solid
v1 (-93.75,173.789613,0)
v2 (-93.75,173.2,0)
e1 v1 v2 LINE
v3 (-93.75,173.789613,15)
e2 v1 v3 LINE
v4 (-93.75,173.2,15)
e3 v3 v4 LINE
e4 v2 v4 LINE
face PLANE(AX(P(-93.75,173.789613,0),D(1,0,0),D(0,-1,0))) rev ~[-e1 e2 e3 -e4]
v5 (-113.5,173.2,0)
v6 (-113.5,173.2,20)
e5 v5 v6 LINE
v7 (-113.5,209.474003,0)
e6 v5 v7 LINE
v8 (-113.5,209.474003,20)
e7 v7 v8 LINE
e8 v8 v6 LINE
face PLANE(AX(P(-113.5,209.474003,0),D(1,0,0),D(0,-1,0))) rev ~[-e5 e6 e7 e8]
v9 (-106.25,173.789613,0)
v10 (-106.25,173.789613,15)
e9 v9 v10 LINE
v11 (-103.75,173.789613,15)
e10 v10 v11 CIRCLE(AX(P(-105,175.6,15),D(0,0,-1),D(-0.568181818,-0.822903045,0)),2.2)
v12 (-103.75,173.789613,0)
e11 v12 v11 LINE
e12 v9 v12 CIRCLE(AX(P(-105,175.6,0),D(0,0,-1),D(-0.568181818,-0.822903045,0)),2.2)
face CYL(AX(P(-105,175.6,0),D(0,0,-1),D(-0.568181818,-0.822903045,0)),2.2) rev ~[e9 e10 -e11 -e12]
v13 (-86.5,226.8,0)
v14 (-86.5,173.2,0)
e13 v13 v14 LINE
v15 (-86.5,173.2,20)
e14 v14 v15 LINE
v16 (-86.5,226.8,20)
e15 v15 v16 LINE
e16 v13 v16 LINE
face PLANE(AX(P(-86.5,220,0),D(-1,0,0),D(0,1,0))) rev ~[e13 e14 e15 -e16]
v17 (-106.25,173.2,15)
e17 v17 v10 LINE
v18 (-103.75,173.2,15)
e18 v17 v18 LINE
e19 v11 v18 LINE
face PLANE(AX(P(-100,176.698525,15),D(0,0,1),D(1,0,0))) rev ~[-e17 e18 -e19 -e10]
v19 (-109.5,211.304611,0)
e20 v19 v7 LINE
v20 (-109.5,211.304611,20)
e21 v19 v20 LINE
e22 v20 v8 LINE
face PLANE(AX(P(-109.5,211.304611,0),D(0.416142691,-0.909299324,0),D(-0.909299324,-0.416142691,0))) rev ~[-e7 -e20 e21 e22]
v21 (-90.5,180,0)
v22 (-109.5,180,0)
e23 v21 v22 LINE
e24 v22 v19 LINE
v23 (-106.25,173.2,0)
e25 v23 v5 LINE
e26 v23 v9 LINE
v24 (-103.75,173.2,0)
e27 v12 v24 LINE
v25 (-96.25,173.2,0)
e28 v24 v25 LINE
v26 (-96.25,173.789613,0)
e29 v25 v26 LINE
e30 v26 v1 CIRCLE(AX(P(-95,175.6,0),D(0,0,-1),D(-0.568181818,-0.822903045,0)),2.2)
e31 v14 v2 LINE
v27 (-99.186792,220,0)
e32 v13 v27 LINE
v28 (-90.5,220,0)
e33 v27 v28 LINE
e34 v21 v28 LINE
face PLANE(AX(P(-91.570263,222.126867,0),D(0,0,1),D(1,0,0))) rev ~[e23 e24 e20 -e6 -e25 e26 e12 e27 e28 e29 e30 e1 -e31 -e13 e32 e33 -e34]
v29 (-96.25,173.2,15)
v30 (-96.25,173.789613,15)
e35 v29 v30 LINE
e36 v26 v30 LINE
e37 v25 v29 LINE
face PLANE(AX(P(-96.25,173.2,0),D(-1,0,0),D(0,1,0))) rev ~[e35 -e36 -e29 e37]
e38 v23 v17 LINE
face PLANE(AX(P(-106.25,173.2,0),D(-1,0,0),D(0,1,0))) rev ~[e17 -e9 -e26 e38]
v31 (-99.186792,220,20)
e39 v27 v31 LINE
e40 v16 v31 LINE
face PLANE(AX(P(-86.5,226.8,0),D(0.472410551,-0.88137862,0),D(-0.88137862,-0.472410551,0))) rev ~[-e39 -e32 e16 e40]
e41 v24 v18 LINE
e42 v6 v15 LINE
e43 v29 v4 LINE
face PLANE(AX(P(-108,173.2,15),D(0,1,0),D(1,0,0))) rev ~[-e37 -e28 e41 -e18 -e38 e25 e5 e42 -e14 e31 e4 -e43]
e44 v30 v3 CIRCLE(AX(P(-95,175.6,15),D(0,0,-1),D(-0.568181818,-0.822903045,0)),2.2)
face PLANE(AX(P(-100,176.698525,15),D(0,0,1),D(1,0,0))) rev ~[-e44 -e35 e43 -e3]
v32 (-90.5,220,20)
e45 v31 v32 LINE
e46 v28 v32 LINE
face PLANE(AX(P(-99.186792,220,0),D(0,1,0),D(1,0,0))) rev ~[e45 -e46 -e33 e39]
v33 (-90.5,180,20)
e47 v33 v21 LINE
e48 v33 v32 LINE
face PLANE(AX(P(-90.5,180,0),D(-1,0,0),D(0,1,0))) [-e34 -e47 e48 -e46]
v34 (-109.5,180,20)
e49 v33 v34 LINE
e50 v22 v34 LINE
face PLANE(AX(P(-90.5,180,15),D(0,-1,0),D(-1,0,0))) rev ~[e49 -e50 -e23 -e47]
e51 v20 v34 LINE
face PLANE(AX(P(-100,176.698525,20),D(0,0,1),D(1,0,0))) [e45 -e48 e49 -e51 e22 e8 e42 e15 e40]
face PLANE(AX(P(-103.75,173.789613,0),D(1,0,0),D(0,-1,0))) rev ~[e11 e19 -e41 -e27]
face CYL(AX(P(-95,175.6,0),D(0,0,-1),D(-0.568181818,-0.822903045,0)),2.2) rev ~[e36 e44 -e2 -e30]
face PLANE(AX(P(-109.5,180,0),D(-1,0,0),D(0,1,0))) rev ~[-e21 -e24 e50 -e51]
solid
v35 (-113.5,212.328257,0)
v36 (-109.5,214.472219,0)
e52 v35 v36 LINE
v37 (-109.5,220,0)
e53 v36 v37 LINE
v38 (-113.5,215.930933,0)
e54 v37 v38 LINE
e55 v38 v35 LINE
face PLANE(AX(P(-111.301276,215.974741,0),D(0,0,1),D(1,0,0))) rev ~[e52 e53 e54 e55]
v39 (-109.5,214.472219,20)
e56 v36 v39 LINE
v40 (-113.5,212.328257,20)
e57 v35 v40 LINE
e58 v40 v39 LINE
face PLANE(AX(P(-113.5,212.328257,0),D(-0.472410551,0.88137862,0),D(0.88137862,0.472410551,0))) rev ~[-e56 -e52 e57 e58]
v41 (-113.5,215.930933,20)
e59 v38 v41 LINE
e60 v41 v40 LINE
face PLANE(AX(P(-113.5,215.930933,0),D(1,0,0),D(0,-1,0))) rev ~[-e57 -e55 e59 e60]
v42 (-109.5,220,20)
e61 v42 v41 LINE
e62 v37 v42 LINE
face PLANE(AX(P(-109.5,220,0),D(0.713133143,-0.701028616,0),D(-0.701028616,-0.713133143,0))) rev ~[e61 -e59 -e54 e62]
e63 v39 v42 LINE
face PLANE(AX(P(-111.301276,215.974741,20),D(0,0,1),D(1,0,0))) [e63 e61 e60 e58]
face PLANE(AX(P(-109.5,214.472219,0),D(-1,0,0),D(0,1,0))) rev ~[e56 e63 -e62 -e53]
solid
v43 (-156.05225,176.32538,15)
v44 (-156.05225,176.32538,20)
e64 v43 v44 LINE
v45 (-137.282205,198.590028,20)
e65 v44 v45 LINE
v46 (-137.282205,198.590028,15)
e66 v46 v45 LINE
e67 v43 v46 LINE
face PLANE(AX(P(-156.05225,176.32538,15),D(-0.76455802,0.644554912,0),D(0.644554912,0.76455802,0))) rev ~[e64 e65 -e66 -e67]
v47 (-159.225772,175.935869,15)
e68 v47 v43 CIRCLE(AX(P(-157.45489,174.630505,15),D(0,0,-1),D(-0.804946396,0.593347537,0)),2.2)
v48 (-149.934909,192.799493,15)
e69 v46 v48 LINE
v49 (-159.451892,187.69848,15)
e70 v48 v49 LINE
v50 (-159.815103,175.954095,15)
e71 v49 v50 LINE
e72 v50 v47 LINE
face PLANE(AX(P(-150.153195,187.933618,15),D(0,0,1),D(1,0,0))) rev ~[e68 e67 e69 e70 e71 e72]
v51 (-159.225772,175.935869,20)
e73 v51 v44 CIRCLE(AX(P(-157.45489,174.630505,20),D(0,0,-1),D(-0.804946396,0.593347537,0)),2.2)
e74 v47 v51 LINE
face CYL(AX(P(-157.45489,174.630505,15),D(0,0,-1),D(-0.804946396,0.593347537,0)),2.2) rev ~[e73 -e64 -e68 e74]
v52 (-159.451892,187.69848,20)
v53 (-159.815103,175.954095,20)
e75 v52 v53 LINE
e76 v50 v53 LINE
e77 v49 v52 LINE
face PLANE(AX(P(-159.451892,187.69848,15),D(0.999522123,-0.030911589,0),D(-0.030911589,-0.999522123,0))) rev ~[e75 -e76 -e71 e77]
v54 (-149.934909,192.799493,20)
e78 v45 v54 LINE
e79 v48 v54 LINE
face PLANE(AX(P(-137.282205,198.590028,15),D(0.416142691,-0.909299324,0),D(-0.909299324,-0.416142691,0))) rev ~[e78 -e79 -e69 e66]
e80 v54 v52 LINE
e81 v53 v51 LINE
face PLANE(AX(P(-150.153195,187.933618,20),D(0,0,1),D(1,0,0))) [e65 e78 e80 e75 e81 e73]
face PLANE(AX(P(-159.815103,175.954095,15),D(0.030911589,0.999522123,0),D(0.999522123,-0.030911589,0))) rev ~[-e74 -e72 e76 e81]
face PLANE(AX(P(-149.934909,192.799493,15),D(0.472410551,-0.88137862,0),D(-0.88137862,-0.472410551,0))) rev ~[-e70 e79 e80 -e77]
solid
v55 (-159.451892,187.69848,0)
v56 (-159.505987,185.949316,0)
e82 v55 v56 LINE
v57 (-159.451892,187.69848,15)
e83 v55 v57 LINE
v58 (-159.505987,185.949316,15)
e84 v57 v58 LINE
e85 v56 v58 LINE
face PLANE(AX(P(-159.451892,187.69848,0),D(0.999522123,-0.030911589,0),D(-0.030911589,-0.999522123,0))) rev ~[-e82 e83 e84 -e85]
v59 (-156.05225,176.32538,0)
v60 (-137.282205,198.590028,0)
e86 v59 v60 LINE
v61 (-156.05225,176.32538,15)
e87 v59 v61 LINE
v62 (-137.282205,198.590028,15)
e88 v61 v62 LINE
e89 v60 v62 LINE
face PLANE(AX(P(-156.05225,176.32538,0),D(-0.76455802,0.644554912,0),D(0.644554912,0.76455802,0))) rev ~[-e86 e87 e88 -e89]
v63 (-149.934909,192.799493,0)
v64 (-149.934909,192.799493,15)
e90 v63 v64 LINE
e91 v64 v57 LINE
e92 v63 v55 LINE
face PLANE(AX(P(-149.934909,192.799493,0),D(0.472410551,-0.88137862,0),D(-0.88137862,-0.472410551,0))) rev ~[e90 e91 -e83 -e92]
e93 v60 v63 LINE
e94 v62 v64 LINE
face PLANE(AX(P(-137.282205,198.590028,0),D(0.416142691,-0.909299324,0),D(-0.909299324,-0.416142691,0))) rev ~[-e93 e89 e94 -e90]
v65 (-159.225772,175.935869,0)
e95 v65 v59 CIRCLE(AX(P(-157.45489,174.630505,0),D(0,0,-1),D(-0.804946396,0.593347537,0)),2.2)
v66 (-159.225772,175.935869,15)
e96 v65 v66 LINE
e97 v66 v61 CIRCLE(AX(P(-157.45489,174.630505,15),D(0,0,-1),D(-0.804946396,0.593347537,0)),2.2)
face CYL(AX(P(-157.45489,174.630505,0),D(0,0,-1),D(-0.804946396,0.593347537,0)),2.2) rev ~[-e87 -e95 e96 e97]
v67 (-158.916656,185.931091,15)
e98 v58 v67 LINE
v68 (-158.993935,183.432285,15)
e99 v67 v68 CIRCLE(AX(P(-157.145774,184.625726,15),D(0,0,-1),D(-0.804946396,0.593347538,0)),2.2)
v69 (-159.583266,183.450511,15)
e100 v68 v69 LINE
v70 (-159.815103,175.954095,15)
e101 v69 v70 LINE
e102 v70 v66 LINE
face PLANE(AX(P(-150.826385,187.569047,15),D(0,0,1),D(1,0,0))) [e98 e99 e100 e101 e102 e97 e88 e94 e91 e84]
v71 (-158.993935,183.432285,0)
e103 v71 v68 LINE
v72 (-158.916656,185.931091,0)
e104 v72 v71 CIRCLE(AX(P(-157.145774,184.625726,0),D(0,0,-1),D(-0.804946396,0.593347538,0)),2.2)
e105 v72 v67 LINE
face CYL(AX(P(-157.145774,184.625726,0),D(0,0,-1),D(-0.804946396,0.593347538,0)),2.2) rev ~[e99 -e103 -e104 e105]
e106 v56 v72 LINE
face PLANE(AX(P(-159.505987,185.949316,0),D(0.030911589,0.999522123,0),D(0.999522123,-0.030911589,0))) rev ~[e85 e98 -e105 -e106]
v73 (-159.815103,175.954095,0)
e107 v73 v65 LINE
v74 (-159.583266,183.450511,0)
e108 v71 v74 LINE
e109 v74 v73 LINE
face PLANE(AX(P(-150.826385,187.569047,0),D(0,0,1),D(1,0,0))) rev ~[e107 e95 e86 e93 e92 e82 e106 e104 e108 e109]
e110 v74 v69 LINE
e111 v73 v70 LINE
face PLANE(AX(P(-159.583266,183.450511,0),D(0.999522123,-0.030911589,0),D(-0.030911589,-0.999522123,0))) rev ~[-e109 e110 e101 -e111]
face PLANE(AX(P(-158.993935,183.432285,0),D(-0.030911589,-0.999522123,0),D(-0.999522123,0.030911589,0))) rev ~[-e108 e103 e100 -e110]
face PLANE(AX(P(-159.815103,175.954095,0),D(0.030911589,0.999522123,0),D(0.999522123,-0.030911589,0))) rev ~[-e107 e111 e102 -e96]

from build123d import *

# Parameters (mm, degrees)
BOSS_EXTRUDE2_DEPTH   = 15
BOSS_EXTRUDE2_2_DEPTH = 15
SKETCH1_3_W           = 4
SKETCH1_3_H           = 40
BOSS_EXTRUDE3_DEPTH   = 20
BOSS_EXTRUDE3_2_DEPTH = 20
BOSS_EXTRUDE4_DEPTH   = 20
BOSS_EXTRUDE5_DEPTH   = 5


with BuildPart() as part:
    # Sketch1 → Boss-Extrude2 (new body)
    with BuildSketch(Plane.XY):
        with BuildLine():
            Line((-90.5, 174.7), (-90.5, 180))
            Line((-90.5, 180), (-109.5, 180))
            Line((-109.5, 180), (-109.5, 174.7))
            ThreePointArc((-109.5, 174.7), (-109.060660172, 173.639339828), (-108, 173.2))
            Line((-108, 173.2), (-106.25, 173.2))
            Line((-106.25, 173.2), (-106.25, 173.789613301))
            ThreePointArc((-106.25, 173.789613301), (-105, 177.8), (-103.75, 173.789613301))
            Line((-103.75, 173.789613301), (-103.75, 173.2))
            Line((-103.75, 173.2), (-96.25, 173.2))
            Line((-96.25, 173.2), (-96.25, 173.789613301))
            ThreePointArc((-96.25, 173.789613301), (-95, 177.8), (-93.75, 173.789613301))
            Line((-93.75, 173.789613301), (-93.75, 173.2))
            Line((-93.75, 173.2), (-92, 173.2))
            ThreePointArc((-92, 173.2), (-90.939339828, 173.639339828), (-90.5, 174.7))
        make_face()
    extrude(amount=BOSS_EXTRUDE2_DEPTH)



with BuildPart() as body_2:
    # Sketch1 → Boss-Extrude2 2 (new body)
    with BuildSketch(Plane.XY):
        with BuildLine():
            Line((-156.05225023, 176.325380111), (-137.282205372, 198.590028265))
            Line((-137.282205372, 198.590028265), (-149.934908507, 192.799492861))
            Line((-149.934908507, 192.799492861), (-159.451892195, 187.698480193))
            Line((-159.451892195, 187.698480193), (-159.505987475, 185.949316479))
            Line((-159.505987475, 185.949316479), (-158.916655937, 185.931090595))
            ThreePointArc((-158.916655937, 185.931090595), (-154.946825197, 184.557720517), (-158.993934909, 183.432285288))
            Line((-158.993934909, 183.432285288), (-159.583266447, 183.450511172))
            Line((-159.583266447, 183.450511172), (-159.815103362, 175.954095252))
            Line((-159.815103362, 175.954095252), (-159.225771824, 175.935869368))
            ThreePointArc((-159.225771824, 175.935869368), (-157.722901503, 176.814118695), (-156.05225023, 176.325380111))
        make_face()
    extrude(amount=BOSS_EXTRUDE2_2_DEPTH)


with BuildPart() as body_3:
    # Sketch1<3> → Boss-Extrude3 (new body)
    with BuildSketch(Plane.XY):
        with Locations((-88.5, 200)):
            Rectangle(SKETCH1_3_W, SKETCH1_3_H)
    extrude(amount=BOSS_EXTRUDE3_DEPTH)


with BuildPart() as body_4:
    # Sketch1<3> → Boss-Extrude3 2 (new body)
    with BuildSketch(Plane.XY):
        Polygon((-109.5, 180), (-109.5, 211.304611235), (-113.5, 209.474003075), (-113.5, 180), align=None)
    extrude(amount=BOSS_EXTRUDE3_2_DEPTH)


with BuildPart() as part_1:
    add(part.part)

    add(body_3.part)  # Boss-Extrude4 merges body 3

    add(body_4.part)  # Boss-Extrude4 merges body 4
    # Sketch1<4> → Boss-Extrude4 (add)
    with BuildSketch(Plane.XY):
        Polygon((-99.186792467, 220), (-86.5, 220), (-86.5, 226.8), align=None)
        with BuildLine():
            Line((-86.5, 180), (-90.5, 180))
            Line((-90.5, 180), (-90.5, 174.7))
            ThreePointArc((-90.5, 174.7), (-90.939339828, 173.639339828), (-92, 173.2))
            Line((-92, 173.2), (-86.5, 173.2))
            Line((-86.5, 173.2), (-86.5, 180))
        make_face()
        with BuildLine():
            Line((-109.5, 174.7), (-109.5, 180))
            Line((-109.5, 180), (-113.5, 180))
            Line((-113.5, 180), (-113.5, 173.2))
            Line((-113.5, 173.2), (-108, 173.2))
            ThreePointArc((-108, 173.2), (-109.060660172, 173.639339828), (-109.5, 174.7))
        make_face()
        Polygon((-113.5, 212.328257006), (-109.5, 214.472218931), (-109.5, 220), (-113.5, 215.93093276), align=None)
    extrude(amount=BOSS_EXTRUDE4_DEPTH)

    # Sketch2 → Boss-Extrude5 (add)
    with BuildSketch(Plane.XY.offset(15)):
        with BuildLine():
            Line((-159.815103362, 175.954095252), (-159.225771824, 175.935869368))
            ThreePointArc((-159.225771824, 175.935869368), (-157.722901503, 176.814118695), (-156.05225023, 176.325380111))
            Line((-156.05225023, 176.325380111), (-137.282205372, 198.590028265))
            Line((-137.282205372, 198.590028265), (-149.934908507, 192.799492861))
            Line((-149.934908507, 192.799492861), (-159.451892195, 187.698480193))
            Line((-159.451892195, 187.698480193), (-159.815103362, 175.954095252))
        make_face()
        with BuildLine():
            ThreePointArc((-92, 173.2), (-90.939339828, 173.639339828), (-90.5, 174.7))
            Line((-90.5, 174.7), (-90.5, 180))
            Line((-90.5, 180), (-109.5, 180))
            Line((-109.5, 180), (-109.5, 174.7))
            ThreePointArc((-109.5, 174.7), (-109.060660172, 173.639339828), (-108, 173.2))
            Line((-108, 173.2), (-92, 173.2))
        make_face()
    extrude(amount=BOSS_EXTRUDE5_DEPTH)


solid = Compound([body_2.part, part_1.part])
